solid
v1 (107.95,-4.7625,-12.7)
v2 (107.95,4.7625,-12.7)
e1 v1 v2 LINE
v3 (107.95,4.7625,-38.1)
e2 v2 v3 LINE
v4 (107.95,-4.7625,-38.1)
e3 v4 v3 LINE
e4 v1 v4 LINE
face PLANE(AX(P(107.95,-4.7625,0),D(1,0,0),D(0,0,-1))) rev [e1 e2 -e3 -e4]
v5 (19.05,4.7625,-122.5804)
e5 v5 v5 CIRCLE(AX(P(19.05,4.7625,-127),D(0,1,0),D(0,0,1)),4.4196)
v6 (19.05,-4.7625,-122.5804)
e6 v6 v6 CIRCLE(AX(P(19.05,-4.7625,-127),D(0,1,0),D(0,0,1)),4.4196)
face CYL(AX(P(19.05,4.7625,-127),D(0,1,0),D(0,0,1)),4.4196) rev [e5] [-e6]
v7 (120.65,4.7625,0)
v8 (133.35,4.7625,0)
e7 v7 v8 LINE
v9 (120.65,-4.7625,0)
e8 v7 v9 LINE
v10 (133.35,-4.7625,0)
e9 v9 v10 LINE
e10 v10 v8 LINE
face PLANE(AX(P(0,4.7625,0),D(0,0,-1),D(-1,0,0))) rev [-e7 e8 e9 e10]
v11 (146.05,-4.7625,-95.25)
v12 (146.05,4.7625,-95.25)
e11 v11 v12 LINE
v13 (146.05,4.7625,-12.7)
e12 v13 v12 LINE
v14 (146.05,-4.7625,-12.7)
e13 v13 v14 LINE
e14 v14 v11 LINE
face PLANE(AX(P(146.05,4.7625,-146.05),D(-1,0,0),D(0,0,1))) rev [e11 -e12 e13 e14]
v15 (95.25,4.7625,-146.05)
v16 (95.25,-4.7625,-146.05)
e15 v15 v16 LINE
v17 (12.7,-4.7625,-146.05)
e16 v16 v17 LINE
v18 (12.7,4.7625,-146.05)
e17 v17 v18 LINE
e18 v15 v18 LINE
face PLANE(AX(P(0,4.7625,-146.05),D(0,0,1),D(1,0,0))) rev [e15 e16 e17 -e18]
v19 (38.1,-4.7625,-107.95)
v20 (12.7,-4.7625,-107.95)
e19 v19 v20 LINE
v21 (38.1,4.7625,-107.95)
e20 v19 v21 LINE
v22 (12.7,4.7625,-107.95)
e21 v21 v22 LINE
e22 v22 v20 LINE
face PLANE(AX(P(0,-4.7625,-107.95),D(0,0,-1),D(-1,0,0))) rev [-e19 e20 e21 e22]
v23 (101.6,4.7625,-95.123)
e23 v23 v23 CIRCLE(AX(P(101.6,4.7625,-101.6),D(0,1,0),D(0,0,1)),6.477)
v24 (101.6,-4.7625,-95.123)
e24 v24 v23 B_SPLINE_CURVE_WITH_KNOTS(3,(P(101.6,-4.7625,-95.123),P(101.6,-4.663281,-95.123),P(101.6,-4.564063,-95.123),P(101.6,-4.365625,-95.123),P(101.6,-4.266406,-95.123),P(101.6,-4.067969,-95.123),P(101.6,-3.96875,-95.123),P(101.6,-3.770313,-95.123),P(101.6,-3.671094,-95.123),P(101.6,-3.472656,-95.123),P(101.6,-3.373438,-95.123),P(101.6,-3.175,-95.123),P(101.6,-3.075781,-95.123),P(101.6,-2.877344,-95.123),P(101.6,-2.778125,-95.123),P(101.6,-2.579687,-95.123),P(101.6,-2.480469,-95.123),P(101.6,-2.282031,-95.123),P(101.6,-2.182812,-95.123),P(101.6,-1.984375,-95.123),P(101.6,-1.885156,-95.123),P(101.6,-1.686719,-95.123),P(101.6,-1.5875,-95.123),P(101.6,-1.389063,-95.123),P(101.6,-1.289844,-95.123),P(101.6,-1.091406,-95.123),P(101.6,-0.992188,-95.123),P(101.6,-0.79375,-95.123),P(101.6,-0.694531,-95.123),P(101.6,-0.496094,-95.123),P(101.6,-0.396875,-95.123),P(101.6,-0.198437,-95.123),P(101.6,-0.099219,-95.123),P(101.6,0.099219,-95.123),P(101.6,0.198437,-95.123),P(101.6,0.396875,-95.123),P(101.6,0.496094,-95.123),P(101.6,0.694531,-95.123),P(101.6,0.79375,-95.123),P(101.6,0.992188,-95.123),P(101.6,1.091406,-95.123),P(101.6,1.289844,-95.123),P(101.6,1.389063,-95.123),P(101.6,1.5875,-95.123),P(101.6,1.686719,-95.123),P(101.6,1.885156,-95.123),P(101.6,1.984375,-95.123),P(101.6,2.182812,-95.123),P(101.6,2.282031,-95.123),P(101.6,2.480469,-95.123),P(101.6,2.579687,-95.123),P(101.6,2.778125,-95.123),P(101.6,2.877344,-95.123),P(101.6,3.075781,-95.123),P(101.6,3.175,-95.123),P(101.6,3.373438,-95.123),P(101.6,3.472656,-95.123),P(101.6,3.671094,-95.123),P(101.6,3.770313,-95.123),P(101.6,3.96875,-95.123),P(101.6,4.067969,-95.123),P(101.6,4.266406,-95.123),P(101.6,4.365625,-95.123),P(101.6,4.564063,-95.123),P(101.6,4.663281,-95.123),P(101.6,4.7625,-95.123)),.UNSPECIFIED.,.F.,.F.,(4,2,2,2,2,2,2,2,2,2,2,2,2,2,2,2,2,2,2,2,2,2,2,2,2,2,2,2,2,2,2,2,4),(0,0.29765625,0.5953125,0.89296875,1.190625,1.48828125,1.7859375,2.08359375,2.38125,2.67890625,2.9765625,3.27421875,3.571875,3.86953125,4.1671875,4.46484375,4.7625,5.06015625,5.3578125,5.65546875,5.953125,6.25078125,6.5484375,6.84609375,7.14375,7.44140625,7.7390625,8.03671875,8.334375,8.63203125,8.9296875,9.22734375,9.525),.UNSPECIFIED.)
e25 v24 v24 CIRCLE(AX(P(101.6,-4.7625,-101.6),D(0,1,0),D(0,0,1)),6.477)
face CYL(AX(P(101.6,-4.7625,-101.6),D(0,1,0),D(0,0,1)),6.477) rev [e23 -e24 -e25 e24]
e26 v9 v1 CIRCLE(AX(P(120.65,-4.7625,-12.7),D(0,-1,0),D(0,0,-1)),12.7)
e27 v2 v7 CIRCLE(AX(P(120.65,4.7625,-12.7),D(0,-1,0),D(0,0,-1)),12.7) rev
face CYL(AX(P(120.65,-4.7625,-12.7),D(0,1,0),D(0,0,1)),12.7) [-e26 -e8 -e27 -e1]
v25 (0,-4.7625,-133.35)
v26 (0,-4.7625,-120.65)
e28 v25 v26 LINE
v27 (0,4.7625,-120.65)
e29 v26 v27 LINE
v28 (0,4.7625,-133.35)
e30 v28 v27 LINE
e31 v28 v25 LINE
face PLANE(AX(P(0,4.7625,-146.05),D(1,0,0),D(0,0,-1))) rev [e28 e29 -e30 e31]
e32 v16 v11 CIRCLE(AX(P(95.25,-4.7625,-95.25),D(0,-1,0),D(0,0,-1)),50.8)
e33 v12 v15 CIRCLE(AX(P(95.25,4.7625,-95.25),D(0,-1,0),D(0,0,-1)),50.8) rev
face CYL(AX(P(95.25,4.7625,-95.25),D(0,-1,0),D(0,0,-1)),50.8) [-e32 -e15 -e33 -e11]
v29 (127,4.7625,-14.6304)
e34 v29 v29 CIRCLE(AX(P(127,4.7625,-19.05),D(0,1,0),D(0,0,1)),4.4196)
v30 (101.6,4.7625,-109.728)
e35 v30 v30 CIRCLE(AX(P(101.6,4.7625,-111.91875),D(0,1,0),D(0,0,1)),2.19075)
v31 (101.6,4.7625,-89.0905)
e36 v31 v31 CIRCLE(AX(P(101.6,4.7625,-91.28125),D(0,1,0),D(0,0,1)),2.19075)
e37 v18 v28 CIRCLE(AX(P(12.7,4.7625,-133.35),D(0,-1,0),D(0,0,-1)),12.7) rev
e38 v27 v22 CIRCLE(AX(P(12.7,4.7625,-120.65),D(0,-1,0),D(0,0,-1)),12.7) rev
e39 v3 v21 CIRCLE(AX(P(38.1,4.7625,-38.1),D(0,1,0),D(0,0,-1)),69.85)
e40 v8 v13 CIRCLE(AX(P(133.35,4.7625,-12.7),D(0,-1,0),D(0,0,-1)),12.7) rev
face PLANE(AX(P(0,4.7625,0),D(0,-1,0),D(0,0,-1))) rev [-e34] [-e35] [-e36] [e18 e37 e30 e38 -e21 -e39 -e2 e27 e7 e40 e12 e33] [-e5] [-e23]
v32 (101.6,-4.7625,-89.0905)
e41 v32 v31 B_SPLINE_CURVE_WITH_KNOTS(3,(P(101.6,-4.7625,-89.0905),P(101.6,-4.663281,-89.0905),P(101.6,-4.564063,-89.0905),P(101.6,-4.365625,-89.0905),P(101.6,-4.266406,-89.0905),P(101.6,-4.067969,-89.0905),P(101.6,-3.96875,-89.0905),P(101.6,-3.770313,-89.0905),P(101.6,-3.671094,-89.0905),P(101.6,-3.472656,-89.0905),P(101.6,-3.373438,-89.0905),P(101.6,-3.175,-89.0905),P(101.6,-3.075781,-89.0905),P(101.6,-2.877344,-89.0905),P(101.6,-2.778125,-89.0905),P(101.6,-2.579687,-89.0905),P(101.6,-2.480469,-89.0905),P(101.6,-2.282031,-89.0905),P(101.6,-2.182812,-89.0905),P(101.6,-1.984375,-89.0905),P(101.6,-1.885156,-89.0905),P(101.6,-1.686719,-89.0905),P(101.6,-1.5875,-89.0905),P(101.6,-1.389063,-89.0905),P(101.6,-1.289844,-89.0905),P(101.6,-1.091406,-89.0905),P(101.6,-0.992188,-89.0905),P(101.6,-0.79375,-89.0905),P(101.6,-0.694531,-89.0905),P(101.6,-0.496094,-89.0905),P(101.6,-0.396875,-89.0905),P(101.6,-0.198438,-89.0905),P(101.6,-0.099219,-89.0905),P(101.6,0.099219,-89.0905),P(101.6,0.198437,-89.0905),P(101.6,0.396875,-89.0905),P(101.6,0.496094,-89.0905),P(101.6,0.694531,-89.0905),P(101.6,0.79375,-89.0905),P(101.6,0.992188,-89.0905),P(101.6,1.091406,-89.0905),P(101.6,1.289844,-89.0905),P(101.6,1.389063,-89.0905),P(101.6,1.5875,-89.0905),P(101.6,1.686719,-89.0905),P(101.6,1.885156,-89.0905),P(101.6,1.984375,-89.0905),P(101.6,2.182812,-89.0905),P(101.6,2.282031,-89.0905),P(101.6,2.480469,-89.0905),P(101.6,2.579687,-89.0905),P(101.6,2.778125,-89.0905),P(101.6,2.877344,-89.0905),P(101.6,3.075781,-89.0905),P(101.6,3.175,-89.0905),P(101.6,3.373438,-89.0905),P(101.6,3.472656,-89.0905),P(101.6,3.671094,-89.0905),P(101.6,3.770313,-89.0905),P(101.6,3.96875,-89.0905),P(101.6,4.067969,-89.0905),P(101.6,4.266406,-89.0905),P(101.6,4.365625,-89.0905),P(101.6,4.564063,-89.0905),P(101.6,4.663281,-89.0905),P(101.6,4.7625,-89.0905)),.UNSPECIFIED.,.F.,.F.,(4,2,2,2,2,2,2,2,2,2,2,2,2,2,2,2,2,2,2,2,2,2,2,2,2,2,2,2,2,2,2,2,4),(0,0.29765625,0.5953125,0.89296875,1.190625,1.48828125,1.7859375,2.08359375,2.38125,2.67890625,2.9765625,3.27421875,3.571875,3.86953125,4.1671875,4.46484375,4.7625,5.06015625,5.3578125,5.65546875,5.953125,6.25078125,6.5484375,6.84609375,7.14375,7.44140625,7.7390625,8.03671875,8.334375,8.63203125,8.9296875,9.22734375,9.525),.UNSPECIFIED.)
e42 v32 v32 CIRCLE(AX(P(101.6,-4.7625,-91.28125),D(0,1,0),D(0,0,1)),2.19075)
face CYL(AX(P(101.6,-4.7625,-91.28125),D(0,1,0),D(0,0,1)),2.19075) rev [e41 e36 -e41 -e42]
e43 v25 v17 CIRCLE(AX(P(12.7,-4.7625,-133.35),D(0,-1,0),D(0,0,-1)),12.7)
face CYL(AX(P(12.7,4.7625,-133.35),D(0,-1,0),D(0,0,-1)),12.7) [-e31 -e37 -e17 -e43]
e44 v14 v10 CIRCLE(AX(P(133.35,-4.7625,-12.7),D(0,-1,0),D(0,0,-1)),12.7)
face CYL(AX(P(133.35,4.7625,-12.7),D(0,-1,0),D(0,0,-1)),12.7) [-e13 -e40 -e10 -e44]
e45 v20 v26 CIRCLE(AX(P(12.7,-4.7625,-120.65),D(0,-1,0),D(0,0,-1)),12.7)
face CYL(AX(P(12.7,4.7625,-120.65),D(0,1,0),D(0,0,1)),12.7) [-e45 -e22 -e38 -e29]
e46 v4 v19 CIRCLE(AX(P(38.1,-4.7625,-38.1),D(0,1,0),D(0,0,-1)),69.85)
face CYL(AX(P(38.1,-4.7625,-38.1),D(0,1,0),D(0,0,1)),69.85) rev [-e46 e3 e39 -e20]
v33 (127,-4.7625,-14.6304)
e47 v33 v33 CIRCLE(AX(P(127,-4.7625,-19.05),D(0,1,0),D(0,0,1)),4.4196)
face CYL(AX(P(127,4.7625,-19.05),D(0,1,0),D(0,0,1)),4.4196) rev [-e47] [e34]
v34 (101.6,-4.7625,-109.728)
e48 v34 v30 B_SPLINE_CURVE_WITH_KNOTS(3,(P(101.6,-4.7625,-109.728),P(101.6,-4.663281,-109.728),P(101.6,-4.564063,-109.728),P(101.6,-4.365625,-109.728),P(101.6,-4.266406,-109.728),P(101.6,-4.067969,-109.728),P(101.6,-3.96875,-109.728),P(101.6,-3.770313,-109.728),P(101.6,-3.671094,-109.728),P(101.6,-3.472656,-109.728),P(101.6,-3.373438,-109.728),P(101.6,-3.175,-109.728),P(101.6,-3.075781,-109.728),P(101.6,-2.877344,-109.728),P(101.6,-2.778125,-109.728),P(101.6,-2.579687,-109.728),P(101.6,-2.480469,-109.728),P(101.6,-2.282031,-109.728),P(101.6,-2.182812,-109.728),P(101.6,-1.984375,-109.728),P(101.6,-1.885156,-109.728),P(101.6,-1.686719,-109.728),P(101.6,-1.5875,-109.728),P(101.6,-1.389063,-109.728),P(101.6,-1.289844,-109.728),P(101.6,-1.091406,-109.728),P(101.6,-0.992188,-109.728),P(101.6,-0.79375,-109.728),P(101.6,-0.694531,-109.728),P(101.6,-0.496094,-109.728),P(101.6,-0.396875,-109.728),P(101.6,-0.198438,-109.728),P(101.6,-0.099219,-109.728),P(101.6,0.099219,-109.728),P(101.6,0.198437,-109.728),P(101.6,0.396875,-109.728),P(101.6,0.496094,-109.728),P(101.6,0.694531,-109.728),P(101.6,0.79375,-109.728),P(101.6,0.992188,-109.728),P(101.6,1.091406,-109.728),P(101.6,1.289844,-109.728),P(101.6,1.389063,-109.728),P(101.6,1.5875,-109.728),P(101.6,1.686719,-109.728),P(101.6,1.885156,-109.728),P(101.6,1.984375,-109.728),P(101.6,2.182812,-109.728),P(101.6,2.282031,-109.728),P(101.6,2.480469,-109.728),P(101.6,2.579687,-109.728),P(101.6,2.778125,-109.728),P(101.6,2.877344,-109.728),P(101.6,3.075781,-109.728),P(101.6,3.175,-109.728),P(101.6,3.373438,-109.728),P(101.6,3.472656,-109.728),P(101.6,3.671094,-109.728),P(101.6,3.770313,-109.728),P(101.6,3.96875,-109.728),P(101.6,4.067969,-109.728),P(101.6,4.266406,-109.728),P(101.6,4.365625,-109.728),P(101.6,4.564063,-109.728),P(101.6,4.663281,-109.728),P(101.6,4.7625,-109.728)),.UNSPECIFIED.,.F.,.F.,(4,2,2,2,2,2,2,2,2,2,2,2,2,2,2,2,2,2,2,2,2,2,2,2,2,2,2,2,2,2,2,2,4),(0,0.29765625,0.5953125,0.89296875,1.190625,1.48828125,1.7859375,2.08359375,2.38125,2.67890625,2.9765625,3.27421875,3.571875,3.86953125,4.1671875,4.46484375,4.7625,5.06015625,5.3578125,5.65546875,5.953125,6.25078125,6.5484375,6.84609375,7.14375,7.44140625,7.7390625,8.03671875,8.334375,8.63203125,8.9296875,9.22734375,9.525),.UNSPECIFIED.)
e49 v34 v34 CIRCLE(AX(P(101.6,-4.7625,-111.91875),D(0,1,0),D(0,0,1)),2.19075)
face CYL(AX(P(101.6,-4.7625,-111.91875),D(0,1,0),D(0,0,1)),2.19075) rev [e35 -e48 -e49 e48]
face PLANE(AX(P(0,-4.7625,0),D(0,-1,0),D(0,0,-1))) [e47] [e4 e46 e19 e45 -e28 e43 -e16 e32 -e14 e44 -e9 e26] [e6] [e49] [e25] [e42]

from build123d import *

# Parameters (mm, degrees)
SKETCH1_W                = 146.05
SKETCH1_H                = 146.05
BOSS_EXTRUDE1_DEPTH      = 4.7625
SKETCH2_R                = 6.477
SKETCH2_R_2              = 2.19075
CUT_EXTRUDE1_DEPTH       = 207.765399971
S_0_348_DIAMETER_HOLE1_D = 8.8392
CUT_EXTRUDE2_DEPTH       = 207.765399971
FILLET1_R                = 12.7
FILLET2_R                = 50.8


with BuildPart() as part:
    # Sketch1 → Boss-Extrude1 (new, symmetric)
    with BuildSketch(Plane(origin=(0, 0, 0), x_dir=(1, 0, 0), z_dir=(0, 1, 0))):
        with Locations((73.025, 73.025)):
            Rectangle(SKETCH1_W, SKETCH1_H)
    extrude(amount=BOSS_EXTRUDE1_DEPTH, both=True)

    # Sketch2 → Cut-Extrude1 (cut, through all)
    with BuildSketch(Plane(origin=(0, 4.7625, 0), x_dir=(1, 0, 0), z_dir=(0, 1, 0))):
        with Locations(Location((101.6, 101.6, 0), (0, 0, 270))):
            Circle(SKETCH2_R)
        with Locations(Location((101.6, 91.28125, 0), (0, 0, 270))):
            Circle(SKETCH2_R_2)
        with Locations(Location((101.6, 111.91875, 0), (0, 0, 270))):
            Circle(SKETCH2_R_2)
    extrude(amount=-CUT_EXTRUDE1_DEPTH, mode=Mode.SUBTRACT)

    # S (0.348) Diameter Hole1 (through all)
    with Locations(Plane(origin=(0, 4.7625, 0), x_dir=(1, 0, 0), z_dir=(0, 1, 0))):
        with Locations((19.05, 127), (127, 19.05), (57.15, 19.05), (19.05, 57.15)):
            Hole(S_0_348_DIAMETER_HOLE1_D / 2)

    # Sketch5 → Cut-Extrude2 (cut, through all)
    with BuildSketch(Plane(origin=(0, 4.7625, 0), x_dir=(1, 0, 0), z_dir=(0, 1, 0))):
        with BuildLine():
            Line((0, 107.95), (38.1, 107.95))
            ThreePointArc((38.1, 107.95), (87.491408666, 87.491408666), (107.95, 38.1))
            Line((107.95, 38.1), (107.95, 0))
            Line((107.95, 0), (0, 0))
            Line((0, 0), (0, 107.95))
        make_face()
    extrude(amount=-CUT_EXTRUDE2_DEPTH, mode=Mode.SUBTRACT)

    # Fillet1
    fillet1_edges = [part.edges().sort_by_distance(p)[0] for p in [
        (0, 0, -107.95),
        (107.95, 0, 0),
        (0, 0, -146.05),
        (146.05, 0, 0),
    ]]
    fillet(fillet1_edges, radius=FILLET1_R)

    # Fillet2
    fillet2_edges = [part.edges().sort_by_distance(p)[0] for p in [
        (146.05, 0, -146.05),
    ]]
    fillet(fillet2_edges, radius=FILLET2_R)


solid = part.part
